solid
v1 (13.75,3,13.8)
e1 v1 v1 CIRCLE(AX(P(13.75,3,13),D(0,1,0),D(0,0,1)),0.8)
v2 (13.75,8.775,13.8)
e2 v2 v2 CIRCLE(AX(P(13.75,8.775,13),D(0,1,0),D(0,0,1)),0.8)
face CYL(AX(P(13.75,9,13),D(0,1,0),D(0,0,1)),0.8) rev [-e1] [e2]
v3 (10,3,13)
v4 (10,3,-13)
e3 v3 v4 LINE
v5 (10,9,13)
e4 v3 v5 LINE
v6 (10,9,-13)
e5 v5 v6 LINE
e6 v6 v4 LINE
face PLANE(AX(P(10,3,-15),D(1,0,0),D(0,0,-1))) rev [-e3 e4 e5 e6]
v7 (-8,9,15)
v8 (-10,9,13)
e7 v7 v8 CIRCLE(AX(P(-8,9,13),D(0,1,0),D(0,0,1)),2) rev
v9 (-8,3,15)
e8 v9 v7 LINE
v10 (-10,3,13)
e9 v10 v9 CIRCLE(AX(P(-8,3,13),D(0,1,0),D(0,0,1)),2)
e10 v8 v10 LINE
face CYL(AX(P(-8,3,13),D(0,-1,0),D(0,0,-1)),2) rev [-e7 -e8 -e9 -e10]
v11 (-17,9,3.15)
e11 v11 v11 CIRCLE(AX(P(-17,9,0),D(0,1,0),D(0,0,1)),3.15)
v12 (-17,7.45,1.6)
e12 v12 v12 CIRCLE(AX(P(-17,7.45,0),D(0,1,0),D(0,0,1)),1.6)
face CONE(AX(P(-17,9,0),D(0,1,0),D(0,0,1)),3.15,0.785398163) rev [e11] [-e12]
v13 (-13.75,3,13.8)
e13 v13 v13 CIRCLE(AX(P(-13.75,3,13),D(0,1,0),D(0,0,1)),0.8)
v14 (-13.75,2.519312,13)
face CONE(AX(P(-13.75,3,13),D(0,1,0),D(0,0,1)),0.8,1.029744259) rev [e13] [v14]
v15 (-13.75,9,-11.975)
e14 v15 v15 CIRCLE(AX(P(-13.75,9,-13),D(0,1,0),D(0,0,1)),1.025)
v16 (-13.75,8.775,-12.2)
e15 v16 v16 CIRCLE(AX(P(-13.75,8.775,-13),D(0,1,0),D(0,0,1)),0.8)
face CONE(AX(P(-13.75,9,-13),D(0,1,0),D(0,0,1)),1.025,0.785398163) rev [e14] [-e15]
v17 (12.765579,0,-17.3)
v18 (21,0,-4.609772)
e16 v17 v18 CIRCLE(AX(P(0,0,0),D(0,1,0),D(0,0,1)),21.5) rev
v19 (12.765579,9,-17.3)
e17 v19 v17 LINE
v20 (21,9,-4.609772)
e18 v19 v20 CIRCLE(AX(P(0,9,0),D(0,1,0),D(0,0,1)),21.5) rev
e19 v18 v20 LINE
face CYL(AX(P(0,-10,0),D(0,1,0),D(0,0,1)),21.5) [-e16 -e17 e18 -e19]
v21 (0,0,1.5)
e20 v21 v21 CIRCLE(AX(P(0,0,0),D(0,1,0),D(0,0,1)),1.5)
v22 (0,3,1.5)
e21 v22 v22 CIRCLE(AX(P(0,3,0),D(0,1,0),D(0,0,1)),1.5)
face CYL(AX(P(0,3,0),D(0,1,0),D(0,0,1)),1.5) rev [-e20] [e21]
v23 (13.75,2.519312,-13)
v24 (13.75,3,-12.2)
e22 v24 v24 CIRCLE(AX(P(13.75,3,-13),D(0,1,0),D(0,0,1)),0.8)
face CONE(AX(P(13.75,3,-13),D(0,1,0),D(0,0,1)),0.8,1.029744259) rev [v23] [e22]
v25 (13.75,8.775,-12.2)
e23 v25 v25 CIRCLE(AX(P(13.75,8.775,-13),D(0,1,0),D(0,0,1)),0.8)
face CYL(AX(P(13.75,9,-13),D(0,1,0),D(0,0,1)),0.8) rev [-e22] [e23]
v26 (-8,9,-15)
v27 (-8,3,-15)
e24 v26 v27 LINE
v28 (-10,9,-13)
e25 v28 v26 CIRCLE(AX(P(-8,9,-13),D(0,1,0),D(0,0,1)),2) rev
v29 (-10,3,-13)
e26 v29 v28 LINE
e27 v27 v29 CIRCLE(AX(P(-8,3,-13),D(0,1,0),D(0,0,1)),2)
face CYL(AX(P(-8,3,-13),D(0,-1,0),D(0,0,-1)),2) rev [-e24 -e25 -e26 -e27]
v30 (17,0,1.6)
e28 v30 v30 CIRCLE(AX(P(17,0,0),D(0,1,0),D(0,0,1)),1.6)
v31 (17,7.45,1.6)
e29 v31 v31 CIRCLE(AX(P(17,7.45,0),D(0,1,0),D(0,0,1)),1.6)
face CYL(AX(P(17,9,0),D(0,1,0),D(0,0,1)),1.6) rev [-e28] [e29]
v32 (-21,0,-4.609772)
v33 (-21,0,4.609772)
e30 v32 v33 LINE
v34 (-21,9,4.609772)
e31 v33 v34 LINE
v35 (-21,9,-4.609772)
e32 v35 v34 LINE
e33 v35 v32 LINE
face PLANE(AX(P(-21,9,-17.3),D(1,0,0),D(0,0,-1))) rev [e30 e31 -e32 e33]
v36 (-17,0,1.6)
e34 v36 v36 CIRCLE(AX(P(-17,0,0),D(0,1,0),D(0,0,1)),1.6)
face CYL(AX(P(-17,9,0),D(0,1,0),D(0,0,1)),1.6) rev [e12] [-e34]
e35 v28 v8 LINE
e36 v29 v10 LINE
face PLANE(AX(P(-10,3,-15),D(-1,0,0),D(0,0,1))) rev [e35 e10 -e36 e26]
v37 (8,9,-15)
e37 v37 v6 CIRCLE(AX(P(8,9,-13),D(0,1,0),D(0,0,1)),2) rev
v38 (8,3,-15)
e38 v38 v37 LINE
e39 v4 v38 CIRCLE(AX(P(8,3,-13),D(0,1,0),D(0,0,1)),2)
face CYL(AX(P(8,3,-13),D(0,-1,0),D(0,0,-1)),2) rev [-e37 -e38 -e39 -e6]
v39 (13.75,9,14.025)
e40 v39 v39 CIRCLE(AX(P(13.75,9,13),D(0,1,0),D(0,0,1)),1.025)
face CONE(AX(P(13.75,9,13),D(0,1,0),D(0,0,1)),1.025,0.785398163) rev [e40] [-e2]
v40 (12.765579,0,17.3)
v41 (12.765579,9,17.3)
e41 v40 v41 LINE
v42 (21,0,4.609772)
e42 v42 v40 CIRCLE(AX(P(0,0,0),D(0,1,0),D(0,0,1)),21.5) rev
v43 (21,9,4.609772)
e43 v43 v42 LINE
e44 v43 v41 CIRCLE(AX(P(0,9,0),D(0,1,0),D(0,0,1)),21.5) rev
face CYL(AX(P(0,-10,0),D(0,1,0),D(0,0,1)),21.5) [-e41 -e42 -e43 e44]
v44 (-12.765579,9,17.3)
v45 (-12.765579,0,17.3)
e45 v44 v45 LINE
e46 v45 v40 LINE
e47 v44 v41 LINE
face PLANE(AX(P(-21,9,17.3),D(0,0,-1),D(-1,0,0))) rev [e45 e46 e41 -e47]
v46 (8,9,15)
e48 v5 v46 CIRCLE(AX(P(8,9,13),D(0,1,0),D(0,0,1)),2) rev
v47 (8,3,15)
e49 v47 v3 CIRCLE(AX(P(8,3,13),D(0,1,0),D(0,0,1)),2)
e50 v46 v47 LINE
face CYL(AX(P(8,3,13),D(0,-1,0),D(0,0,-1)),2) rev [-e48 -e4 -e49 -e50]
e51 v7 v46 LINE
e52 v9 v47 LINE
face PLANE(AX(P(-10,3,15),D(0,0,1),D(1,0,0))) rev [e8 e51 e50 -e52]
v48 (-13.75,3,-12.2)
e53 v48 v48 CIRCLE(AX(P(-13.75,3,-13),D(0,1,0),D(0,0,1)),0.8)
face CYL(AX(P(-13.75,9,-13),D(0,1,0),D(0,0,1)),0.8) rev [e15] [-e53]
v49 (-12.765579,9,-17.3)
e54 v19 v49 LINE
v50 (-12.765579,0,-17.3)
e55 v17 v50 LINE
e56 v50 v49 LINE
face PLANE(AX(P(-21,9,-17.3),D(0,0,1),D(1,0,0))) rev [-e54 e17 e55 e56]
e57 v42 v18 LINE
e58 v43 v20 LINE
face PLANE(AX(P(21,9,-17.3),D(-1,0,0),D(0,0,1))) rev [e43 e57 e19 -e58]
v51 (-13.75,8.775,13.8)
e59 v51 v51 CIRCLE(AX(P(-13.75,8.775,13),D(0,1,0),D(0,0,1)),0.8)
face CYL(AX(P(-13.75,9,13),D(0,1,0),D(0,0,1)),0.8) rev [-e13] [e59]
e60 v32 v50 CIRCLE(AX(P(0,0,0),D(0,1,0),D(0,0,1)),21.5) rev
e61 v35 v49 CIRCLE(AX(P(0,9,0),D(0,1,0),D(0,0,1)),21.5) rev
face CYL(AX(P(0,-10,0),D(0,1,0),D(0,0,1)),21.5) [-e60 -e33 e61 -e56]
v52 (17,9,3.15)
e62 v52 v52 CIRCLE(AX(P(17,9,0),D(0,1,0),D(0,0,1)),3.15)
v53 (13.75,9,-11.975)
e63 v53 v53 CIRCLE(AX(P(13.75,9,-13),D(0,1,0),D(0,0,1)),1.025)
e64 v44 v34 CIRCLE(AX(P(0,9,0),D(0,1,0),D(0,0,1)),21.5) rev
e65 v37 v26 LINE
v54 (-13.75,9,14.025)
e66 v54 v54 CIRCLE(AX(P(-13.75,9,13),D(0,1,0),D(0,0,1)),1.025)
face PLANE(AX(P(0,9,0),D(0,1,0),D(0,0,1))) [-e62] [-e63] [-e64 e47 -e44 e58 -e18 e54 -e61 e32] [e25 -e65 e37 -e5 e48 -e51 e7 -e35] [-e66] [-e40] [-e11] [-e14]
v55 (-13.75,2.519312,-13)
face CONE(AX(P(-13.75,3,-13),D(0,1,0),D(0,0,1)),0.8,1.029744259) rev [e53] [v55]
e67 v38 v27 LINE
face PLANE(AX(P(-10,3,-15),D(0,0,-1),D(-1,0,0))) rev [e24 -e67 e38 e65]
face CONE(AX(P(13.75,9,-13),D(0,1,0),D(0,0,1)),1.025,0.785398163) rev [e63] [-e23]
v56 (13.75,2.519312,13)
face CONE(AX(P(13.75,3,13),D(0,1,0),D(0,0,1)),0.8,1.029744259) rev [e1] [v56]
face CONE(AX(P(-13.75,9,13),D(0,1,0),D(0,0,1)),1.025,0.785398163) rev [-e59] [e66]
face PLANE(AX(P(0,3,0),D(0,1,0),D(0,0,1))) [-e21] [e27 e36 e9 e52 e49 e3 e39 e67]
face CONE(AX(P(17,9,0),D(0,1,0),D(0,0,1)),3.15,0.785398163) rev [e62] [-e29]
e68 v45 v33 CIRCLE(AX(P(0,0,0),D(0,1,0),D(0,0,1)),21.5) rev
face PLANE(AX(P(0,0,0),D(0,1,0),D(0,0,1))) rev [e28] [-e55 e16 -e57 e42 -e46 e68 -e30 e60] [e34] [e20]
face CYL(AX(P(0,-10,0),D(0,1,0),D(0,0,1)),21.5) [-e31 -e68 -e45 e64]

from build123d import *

# Parameters (mm, degrees)
SKIZZE1_W                                            = 42
SKIZZE1_H                                            = 34.6
AUFSATZ_LINEAR_AUSTRAGEN1_DEPTH                      = 9
FORMSENKUNG_F_R_M3_SENKSCHRAUBE_MIT_SCHL_D           = 3.2
FORMSENKUNG_F_R_M3_SENKSCHRAUBE_MIT_SCHL_DEPTH       = 12.4
FORMSENKUNG_F_R_M3_SENKSCHRAUBE_MIT_SCHL_CSINK_D     = 6.3
FORMSENKUNG_F_R_M3_SENKSCHRAUBE_MIT_SCHL_CSINK_ANGLE = 90
FORMSENKUNG_F_R_M3_SENKSCHRAUBE_MIT_SCHL_TIP         = 0.96137699
SKIZZE17_W                                           = 20
SKIZZE17_H                                           = 30
SCHNITT_LINEAR_AUSTRAGEN2_DEPTH                      = 6
M2_GEWINDEBOHRUNG3_D                                 = 1.6
M2_GEWINDEBOHRUNG3_DEPTH                             = 6
M2_GEWINDEBOHRUNG3_CSINK_D                           = 2.05
M2_GEWINDEBOHRUNG3_CSINK_ANGLE                       = 90
M2_GEWINDEBOHRUNG3_TIP                               = 0.480688495
VERRUNDUNG2_R                                        = 2
F_3_0_3_DURCHMESSER_BOHRUNG3_D                       = 3
SCHNITT_LINEAR_AUSTRAGEN_D_NN1_DEPTH                 = 10
SCHNITT_LINEAR_AUSTRAGEN_D_NN1_DEPTH_BACK            = 10
SKIZZE24_R                                           = 31.5
SKIZZE24_R_2                                         = 21.5


with BuildPart() as part:
    # Skizze1 → Aufsatz-Linear austragen1 (new body)
    with BuildSketch(Plane(origin=(0, 0, 0), x_dir=(1, 0, 0), z_dir=(0, 1, 0))):
        Rectangle(SKIZZE1_W, SKIZZE1_H)
    extrude(amount=AUFSATZ_LINEAR_AUSTRAGEN1_DEPTH)

    # Formsenkung für M3 Senkschraube mit Schlitz/Kreuzschlitz1
    with Locations(Plane(origin=(0, 9, 0), x_dir=(1, 0, 0), z_dir=(0, 1, 0))):
        with Locations((-17, 0), (17, 0)):
            CounterSinkHole(FORMSENKUNG_F_R_M3_SENKSCHRAUBE_MIT_SCHL_D / 2, FORMSENKUNG_F_R_M3_SENKSCHRAUBE_MIT_SCHL_CSINK_D / 2, depth=FORMSENKUNG_F_R_M3_SENKSCHRAUBE_MIT_SCHL_DEPTH, counter_sink_angle=FORMSENKUNG_F_R_M3_SENKSCHRAUBE_MIT_SCHL_CSINK_ANGLE)
            with Locations((0, 0, -(FORMSENKUNG_F_R_M3_SENKSCHRAUBE_MIT_SCHL_DEPTH + FORMSENKUNG_F_R_M3_SENKSCHRAUBE_MIT_SCHL_TIP / 2))):  # 118° drill point
                Cone(0, FORMSENKUNG_F_R_M3_SENKSCHRAUBE_MIT_SCHL_D / 2, FORMSENKUNG_F_R_M3_SENKSCHRAUBE_MIT_SCHL_TIP, mode=Mode.SUBTRACT)

    # Skizze17 → Schnitt-Linear austragen2 (cut)
    with BuildSketch(Plane(origin=(0, 9, 0), x_dir=(1, 0, 0), z_dir=(0, 1, 0))):
        Rectangle(SKIZZE17_W, SKIZZE17_H)
    extrude(amount=-SCHNITT_LINEAR_AUSTRAGEN2_DEPTH, mode=Mode.SUBTRACT)

    # M2 Gewindebohrung3
    with Locations(Plane(origin=(0, 9, 0), x_dir=(1, 0, 0), z_dir=(0, 1, 0))):
        with Locations((-13.75, 13), (13.75, 13), (13.75, -13), (-13.75, -13)):
            CounterSinkHole(M2_GEWINDEBOHRUNG3_D / 2, M2_GEWINDEBOHRUNG3_CSINK_D / 2, depth=M2_GEWINDEBOHRUNG3_DEPTH, counter_sink_angle=M2_GEWINDEBOHRUNG3_CSINK_ANGLE)
            with Locations((0, 0, -(M2_GEWINDEBOHRUNG3_DEPTH + M2_GEWINDEBOHRUNG3_TIP / 2))):  # 118° drill point
                Cone(0, M2_GEWINDEBOHRUNG3_D / 2, M2_GEWINDEBOHRUNG3_TIP, mode=Mode.SUBTRACT)

    # Verrundung2
    verrundung2_edges = [part.edges().sort_by_distance(p)[0] for p in [
        (-10, 6, 15),
        (-10, 6, -15),
        (10, 6, -15),
        (10, 6, 15),
    ]]
    fillet(verrundung2_edges, radius=VERRUNDUNG2_R)

    # Ø3.0 (3) Durchmesser Bohrung3 (through all)
    with Locations(Plane(origin=(0, 3, 0), x_dir=(1, 0, 0), z_dir=(0, 1, 0))):
        with Locations((0, 0)):
            Hole(F_3_0_3_DURCHMESSER_BOHRUNG3_D / 2)

    # Skizze24 → Schnitt-Linear-Austragen-Dünn1 (cut, two sides: drawn at the far end of the back side and taken through both)
    with BuildSketch(Plane.XZ.offset(-SCHNITT_LINEAR_AUSTRAGEN_D_NN1_DEPTH_BACK)):
        Circle(SKIZZE24_R)
        Circle(SKIZZE24_R_2, mode=Mode.SUBTRACT)
    extrude(amount=SCHNITT_LINEAR_AUSTRAGEN_D_NN1_DEPTH + SCHNITT_LINEAR_AUSTRAGEN_D_NN1_DEPTH_BACK, mode=Mode.SUBTRACT)


solid = part.part
